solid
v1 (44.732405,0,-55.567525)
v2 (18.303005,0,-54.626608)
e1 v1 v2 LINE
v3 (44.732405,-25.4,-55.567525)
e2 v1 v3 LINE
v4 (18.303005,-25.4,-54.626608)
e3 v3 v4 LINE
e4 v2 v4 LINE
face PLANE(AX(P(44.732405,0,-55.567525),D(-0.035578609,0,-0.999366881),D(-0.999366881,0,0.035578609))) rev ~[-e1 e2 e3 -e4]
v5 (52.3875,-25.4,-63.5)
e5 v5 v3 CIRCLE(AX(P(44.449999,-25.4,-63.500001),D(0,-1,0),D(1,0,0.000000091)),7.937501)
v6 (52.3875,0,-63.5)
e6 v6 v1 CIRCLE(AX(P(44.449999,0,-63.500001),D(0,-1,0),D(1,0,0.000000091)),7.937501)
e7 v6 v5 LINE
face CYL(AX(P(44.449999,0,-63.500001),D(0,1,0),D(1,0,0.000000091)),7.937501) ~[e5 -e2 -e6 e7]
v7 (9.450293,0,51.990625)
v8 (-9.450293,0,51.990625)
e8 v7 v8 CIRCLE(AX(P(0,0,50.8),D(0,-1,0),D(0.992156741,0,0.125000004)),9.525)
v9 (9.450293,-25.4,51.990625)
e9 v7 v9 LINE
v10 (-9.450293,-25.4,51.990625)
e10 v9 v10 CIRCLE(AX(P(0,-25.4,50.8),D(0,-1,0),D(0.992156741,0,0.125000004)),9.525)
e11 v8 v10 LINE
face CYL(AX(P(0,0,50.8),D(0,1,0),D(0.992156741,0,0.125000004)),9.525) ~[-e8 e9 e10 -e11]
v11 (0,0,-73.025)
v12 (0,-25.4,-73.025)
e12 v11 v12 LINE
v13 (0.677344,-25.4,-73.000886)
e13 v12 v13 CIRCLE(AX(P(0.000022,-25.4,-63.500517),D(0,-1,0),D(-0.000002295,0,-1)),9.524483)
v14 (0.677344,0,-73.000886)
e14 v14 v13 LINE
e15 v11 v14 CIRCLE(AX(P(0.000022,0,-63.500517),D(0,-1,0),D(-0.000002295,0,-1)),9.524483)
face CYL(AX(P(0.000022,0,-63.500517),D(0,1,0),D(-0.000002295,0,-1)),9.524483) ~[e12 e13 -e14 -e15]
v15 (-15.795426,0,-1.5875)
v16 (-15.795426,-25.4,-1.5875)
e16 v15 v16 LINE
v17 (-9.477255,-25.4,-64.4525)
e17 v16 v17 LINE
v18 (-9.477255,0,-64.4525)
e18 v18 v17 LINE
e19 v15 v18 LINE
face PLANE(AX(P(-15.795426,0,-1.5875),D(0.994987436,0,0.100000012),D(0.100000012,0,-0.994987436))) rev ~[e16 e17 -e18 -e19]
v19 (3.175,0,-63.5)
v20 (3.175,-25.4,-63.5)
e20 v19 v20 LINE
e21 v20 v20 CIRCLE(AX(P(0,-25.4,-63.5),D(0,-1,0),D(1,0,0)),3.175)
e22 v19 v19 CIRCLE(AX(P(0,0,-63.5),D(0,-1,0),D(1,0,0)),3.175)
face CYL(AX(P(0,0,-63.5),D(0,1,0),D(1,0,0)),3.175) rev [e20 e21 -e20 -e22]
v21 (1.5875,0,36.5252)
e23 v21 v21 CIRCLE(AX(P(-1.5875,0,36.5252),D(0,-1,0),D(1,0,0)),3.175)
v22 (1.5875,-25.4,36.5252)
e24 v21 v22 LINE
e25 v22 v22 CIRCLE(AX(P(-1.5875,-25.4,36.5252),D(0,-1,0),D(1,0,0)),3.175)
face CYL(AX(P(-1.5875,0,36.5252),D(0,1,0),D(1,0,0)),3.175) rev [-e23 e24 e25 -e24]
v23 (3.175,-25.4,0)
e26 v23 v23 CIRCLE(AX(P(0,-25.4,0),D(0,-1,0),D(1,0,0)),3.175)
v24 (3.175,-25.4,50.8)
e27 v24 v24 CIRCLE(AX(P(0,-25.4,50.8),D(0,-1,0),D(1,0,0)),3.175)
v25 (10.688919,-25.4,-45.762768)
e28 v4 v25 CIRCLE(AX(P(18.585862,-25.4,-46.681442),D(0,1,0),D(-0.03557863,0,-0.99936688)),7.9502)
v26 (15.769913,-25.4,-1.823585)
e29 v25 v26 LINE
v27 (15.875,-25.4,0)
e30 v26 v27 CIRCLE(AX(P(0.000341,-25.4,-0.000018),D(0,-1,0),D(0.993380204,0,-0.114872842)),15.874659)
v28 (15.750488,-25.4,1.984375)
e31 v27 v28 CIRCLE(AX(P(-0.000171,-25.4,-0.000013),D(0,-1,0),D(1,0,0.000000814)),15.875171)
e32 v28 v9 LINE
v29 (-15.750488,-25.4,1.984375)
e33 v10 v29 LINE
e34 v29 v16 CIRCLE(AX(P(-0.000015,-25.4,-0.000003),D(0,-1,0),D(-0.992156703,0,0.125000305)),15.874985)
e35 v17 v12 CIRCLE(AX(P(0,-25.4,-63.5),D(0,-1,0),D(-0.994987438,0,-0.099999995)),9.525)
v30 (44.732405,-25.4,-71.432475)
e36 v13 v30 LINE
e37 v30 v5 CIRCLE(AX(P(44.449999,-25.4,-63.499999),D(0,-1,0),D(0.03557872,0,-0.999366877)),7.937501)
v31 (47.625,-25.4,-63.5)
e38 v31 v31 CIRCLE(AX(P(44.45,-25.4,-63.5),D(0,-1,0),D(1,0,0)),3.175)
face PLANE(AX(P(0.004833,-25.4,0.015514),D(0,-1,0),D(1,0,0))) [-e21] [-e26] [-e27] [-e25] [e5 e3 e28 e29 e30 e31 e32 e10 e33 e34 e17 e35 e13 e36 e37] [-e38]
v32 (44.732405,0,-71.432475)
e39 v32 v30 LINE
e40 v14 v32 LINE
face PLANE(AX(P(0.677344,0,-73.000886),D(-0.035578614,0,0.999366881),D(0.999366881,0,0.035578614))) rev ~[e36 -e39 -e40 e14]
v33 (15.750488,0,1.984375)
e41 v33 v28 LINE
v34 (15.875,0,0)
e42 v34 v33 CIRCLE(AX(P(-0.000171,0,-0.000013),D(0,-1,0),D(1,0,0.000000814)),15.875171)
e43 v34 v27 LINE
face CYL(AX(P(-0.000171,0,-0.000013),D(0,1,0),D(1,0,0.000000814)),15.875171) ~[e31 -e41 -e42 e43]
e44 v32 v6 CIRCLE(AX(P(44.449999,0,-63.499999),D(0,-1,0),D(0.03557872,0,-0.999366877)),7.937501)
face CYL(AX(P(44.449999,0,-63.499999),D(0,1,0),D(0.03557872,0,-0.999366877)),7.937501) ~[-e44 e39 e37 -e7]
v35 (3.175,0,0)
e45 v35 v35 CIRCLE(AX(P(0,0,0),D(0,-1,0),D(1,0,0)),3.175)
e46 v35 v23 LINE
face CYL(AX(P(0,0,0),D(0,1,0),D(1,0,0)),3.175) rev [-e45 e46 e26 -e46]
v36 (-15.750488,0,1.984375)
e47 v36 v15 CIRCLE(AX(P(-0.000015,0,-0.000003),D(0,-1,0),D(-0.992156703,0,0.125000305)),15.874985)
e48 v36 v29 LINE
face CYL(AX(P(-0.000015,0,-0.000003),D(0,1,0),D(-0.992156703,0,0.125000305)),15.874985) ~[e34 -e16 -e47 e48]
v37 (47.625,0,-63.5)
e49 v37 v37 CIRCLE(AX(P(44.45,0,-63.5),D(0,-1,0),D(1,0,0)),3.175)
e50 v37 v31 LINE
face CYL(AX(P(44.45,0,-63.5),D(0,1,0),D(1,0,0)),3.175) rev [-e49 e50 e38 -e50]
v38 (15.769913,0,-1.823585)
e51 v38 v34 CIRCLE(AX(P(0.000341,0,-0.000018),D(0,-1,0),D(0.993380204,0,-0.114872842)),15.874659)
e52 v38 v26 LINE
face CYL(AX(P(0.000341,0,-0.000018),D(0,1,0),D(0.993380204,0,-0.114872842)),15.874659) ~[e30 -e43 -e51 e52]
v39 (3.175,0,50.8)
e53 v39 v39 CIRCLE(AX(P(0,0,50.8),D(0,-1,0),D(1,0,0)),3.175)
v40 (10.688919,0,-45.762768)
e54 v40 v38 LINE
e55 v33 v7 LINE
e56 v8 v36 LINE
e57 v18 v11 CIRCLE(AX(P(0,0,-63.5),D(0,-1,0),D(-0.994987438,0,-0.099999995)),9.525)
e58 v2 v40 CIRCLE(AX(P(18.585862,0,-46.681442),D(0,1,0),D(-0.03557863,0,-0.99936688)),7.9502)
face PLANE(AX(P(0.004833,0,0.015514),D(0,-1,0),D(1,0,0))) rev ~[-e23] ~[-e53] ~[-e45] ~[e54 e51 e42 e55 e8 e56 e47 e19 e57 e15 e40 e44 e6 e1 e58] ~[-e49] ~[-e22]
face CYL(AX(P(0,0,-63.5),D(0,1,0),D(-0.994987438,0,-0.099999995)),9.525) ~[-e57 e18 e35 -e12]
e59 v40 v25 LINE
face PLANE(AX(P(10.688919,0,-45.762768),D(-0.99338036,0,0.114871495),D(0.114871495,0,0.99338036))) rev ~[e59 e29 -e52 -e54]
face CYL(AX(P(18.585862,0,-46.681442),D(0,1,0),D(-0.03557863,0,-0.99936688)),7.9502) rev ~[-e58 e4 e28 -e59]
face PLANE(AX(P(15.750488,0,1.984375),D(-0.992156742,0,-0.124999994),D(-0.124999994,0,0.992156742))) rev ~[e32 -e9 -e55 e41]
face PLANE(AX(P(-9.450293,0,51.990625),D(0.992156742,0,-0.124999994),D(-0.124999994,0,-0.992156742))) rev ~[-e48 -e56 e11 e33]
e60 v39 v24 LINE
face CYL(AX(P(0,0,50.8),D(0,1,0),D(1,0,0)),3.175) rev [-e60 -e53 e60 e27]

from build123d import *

# Parameters (mm, degrees)
F0_R     = 3.175
F1_DEPTH = 25.4


with BuildPart() as f1:
    # F0 (on Front) → F1 (new body)
    with BuildSketch(Plane.XZ):
        with BuildLine():
            ThreePointArc((15.769913, -1.823585), (15.848707, -0.913305), (15.875, 0))
            ThreePointArc((15.875, 0), (15.843841, 0.994139), (15.750488, 1.984375))
            ThreePointArc((15.750488, 1.984375), (0, 15.875), (-15.750488, 1.984375))
            ThreePointArc((-15.750488, 1.984375), (-15.873744, 0.199705), (-15.795426, -1.5875))
            ThreePointArc((-15.795426, -1.5875), (-0.11873, -15.874556), (15.769913, -1.823585))
        make_face()
        Circle(F0_R, mode=Mode.SUBTRACT)
        with BuildLine():
            ThreePointArc((-15.750488, 1.984375), (0, 15.875), (15.750488, 1.984375))
            Line((15.750488, 1.984375), (9.450293, 51.990625))
            ThreePointArc((9.450293, 51.990625), (9.506305, 51.396483), (9.525, 50.8))
            ThreePointArc((9.525, 50.8), (-0.596483, 41.293695), (-9.450293, 51.990625))
            Line((-9.450293, 51.990625), (-15.750488, 1.984375))
        make_face()
        with Locations((-1.5875, 36.5252)):
            Circle(F0_R, mode=Mode.SUBTRACT)
        with BuildLine():
            Line((10.688919, -45.762768), (15.769913, -1.823585))
            ThreePointArc((15.769913, -1.823585), (-0.11873, -15.874556), (-15.795426, -1.5875))
            Line((-15.795426, -1.5875), (-9.477255, -64.4525))
            ThreePointArc((-9.477255, -64.4525), (-0.476848, -53.986944), (9.525, -63.5))
            ThreePointArc((9.525, -63.5), (6.970557, -69.991299), (0.677344, -73.000886))
            Line((0.677344, -73.000886), (44.732405, -71.432475))
            ThreePointArc((44.732405, -71.432475), (36.5125, -63.5), (44.732405, -55.567525))
            Line((44.732405, -55.567525), (18.303005, -54.626608))
            ThreePointArc((18.303005, -54.626608), (12.555174, -51.861835), (10.688919, -45.762768))
        make_face()
        with BuildLine():
            ThreePointArc((9.525, 50.8), (9.506305, 51.396483), (9.450293, 51.990625))
            ThreePointArc((9.450293, 51.990625), (0, 60.325), (-9.450293, 51.990625))
            ThreePointArc((-9.450293, 51.990625), (-0.596483, 41.293695), (9.525, 50.8))
        make_face()
        with Locations((0, 50.8)):
            Circle(F0_R, mode=Mode.SUBTRACT)
        with BuildLine():
            ThreePointArc((9.525, -63.5), (-0.476848, -53.986944), (-9.477255, -64.4525))
            ThreePointArc((-9.477255, -64.4525), (-6.389564, -70.563929), (0, -73.025))
            Line((0, -73.025), (0.677344, -73.000886))
            ThreePointArc((0.677344, -73.000886), (6.970557, -69.991299), (9.525, -63.5))
        make_face()
        with Locations((0, -63.5)):
            Circle(F0_R, mode=Mode.SUBTRACT)
        with BuildLine():
            Line((0.677344, -73.000886), (0, -73.025))
            ThreePointArc((0, -73.025), (0.338886, -73.01897), (0.677344, -73.000886))
        make_face()
        with BuildLine():
            ThreePointArc((52.3875, -63.5), (50.161633, -57.98809), (44.732405, -55.567525))
            ThreePointArc((44.732405, -55.567525), (36.5125, -63.5), (44.732405, -71.432475))
            ThreePointArc((44.732405, -71.432475), (50.161633, -69.01191), (52.3875, -63.5))
        make_face()
        with Locations((44.45, -63.5)):
            Circle(F0_R, mode=Mode.SUBTRACT)
    extrude(amount=F1_DEPTH)


solid = f1.part
